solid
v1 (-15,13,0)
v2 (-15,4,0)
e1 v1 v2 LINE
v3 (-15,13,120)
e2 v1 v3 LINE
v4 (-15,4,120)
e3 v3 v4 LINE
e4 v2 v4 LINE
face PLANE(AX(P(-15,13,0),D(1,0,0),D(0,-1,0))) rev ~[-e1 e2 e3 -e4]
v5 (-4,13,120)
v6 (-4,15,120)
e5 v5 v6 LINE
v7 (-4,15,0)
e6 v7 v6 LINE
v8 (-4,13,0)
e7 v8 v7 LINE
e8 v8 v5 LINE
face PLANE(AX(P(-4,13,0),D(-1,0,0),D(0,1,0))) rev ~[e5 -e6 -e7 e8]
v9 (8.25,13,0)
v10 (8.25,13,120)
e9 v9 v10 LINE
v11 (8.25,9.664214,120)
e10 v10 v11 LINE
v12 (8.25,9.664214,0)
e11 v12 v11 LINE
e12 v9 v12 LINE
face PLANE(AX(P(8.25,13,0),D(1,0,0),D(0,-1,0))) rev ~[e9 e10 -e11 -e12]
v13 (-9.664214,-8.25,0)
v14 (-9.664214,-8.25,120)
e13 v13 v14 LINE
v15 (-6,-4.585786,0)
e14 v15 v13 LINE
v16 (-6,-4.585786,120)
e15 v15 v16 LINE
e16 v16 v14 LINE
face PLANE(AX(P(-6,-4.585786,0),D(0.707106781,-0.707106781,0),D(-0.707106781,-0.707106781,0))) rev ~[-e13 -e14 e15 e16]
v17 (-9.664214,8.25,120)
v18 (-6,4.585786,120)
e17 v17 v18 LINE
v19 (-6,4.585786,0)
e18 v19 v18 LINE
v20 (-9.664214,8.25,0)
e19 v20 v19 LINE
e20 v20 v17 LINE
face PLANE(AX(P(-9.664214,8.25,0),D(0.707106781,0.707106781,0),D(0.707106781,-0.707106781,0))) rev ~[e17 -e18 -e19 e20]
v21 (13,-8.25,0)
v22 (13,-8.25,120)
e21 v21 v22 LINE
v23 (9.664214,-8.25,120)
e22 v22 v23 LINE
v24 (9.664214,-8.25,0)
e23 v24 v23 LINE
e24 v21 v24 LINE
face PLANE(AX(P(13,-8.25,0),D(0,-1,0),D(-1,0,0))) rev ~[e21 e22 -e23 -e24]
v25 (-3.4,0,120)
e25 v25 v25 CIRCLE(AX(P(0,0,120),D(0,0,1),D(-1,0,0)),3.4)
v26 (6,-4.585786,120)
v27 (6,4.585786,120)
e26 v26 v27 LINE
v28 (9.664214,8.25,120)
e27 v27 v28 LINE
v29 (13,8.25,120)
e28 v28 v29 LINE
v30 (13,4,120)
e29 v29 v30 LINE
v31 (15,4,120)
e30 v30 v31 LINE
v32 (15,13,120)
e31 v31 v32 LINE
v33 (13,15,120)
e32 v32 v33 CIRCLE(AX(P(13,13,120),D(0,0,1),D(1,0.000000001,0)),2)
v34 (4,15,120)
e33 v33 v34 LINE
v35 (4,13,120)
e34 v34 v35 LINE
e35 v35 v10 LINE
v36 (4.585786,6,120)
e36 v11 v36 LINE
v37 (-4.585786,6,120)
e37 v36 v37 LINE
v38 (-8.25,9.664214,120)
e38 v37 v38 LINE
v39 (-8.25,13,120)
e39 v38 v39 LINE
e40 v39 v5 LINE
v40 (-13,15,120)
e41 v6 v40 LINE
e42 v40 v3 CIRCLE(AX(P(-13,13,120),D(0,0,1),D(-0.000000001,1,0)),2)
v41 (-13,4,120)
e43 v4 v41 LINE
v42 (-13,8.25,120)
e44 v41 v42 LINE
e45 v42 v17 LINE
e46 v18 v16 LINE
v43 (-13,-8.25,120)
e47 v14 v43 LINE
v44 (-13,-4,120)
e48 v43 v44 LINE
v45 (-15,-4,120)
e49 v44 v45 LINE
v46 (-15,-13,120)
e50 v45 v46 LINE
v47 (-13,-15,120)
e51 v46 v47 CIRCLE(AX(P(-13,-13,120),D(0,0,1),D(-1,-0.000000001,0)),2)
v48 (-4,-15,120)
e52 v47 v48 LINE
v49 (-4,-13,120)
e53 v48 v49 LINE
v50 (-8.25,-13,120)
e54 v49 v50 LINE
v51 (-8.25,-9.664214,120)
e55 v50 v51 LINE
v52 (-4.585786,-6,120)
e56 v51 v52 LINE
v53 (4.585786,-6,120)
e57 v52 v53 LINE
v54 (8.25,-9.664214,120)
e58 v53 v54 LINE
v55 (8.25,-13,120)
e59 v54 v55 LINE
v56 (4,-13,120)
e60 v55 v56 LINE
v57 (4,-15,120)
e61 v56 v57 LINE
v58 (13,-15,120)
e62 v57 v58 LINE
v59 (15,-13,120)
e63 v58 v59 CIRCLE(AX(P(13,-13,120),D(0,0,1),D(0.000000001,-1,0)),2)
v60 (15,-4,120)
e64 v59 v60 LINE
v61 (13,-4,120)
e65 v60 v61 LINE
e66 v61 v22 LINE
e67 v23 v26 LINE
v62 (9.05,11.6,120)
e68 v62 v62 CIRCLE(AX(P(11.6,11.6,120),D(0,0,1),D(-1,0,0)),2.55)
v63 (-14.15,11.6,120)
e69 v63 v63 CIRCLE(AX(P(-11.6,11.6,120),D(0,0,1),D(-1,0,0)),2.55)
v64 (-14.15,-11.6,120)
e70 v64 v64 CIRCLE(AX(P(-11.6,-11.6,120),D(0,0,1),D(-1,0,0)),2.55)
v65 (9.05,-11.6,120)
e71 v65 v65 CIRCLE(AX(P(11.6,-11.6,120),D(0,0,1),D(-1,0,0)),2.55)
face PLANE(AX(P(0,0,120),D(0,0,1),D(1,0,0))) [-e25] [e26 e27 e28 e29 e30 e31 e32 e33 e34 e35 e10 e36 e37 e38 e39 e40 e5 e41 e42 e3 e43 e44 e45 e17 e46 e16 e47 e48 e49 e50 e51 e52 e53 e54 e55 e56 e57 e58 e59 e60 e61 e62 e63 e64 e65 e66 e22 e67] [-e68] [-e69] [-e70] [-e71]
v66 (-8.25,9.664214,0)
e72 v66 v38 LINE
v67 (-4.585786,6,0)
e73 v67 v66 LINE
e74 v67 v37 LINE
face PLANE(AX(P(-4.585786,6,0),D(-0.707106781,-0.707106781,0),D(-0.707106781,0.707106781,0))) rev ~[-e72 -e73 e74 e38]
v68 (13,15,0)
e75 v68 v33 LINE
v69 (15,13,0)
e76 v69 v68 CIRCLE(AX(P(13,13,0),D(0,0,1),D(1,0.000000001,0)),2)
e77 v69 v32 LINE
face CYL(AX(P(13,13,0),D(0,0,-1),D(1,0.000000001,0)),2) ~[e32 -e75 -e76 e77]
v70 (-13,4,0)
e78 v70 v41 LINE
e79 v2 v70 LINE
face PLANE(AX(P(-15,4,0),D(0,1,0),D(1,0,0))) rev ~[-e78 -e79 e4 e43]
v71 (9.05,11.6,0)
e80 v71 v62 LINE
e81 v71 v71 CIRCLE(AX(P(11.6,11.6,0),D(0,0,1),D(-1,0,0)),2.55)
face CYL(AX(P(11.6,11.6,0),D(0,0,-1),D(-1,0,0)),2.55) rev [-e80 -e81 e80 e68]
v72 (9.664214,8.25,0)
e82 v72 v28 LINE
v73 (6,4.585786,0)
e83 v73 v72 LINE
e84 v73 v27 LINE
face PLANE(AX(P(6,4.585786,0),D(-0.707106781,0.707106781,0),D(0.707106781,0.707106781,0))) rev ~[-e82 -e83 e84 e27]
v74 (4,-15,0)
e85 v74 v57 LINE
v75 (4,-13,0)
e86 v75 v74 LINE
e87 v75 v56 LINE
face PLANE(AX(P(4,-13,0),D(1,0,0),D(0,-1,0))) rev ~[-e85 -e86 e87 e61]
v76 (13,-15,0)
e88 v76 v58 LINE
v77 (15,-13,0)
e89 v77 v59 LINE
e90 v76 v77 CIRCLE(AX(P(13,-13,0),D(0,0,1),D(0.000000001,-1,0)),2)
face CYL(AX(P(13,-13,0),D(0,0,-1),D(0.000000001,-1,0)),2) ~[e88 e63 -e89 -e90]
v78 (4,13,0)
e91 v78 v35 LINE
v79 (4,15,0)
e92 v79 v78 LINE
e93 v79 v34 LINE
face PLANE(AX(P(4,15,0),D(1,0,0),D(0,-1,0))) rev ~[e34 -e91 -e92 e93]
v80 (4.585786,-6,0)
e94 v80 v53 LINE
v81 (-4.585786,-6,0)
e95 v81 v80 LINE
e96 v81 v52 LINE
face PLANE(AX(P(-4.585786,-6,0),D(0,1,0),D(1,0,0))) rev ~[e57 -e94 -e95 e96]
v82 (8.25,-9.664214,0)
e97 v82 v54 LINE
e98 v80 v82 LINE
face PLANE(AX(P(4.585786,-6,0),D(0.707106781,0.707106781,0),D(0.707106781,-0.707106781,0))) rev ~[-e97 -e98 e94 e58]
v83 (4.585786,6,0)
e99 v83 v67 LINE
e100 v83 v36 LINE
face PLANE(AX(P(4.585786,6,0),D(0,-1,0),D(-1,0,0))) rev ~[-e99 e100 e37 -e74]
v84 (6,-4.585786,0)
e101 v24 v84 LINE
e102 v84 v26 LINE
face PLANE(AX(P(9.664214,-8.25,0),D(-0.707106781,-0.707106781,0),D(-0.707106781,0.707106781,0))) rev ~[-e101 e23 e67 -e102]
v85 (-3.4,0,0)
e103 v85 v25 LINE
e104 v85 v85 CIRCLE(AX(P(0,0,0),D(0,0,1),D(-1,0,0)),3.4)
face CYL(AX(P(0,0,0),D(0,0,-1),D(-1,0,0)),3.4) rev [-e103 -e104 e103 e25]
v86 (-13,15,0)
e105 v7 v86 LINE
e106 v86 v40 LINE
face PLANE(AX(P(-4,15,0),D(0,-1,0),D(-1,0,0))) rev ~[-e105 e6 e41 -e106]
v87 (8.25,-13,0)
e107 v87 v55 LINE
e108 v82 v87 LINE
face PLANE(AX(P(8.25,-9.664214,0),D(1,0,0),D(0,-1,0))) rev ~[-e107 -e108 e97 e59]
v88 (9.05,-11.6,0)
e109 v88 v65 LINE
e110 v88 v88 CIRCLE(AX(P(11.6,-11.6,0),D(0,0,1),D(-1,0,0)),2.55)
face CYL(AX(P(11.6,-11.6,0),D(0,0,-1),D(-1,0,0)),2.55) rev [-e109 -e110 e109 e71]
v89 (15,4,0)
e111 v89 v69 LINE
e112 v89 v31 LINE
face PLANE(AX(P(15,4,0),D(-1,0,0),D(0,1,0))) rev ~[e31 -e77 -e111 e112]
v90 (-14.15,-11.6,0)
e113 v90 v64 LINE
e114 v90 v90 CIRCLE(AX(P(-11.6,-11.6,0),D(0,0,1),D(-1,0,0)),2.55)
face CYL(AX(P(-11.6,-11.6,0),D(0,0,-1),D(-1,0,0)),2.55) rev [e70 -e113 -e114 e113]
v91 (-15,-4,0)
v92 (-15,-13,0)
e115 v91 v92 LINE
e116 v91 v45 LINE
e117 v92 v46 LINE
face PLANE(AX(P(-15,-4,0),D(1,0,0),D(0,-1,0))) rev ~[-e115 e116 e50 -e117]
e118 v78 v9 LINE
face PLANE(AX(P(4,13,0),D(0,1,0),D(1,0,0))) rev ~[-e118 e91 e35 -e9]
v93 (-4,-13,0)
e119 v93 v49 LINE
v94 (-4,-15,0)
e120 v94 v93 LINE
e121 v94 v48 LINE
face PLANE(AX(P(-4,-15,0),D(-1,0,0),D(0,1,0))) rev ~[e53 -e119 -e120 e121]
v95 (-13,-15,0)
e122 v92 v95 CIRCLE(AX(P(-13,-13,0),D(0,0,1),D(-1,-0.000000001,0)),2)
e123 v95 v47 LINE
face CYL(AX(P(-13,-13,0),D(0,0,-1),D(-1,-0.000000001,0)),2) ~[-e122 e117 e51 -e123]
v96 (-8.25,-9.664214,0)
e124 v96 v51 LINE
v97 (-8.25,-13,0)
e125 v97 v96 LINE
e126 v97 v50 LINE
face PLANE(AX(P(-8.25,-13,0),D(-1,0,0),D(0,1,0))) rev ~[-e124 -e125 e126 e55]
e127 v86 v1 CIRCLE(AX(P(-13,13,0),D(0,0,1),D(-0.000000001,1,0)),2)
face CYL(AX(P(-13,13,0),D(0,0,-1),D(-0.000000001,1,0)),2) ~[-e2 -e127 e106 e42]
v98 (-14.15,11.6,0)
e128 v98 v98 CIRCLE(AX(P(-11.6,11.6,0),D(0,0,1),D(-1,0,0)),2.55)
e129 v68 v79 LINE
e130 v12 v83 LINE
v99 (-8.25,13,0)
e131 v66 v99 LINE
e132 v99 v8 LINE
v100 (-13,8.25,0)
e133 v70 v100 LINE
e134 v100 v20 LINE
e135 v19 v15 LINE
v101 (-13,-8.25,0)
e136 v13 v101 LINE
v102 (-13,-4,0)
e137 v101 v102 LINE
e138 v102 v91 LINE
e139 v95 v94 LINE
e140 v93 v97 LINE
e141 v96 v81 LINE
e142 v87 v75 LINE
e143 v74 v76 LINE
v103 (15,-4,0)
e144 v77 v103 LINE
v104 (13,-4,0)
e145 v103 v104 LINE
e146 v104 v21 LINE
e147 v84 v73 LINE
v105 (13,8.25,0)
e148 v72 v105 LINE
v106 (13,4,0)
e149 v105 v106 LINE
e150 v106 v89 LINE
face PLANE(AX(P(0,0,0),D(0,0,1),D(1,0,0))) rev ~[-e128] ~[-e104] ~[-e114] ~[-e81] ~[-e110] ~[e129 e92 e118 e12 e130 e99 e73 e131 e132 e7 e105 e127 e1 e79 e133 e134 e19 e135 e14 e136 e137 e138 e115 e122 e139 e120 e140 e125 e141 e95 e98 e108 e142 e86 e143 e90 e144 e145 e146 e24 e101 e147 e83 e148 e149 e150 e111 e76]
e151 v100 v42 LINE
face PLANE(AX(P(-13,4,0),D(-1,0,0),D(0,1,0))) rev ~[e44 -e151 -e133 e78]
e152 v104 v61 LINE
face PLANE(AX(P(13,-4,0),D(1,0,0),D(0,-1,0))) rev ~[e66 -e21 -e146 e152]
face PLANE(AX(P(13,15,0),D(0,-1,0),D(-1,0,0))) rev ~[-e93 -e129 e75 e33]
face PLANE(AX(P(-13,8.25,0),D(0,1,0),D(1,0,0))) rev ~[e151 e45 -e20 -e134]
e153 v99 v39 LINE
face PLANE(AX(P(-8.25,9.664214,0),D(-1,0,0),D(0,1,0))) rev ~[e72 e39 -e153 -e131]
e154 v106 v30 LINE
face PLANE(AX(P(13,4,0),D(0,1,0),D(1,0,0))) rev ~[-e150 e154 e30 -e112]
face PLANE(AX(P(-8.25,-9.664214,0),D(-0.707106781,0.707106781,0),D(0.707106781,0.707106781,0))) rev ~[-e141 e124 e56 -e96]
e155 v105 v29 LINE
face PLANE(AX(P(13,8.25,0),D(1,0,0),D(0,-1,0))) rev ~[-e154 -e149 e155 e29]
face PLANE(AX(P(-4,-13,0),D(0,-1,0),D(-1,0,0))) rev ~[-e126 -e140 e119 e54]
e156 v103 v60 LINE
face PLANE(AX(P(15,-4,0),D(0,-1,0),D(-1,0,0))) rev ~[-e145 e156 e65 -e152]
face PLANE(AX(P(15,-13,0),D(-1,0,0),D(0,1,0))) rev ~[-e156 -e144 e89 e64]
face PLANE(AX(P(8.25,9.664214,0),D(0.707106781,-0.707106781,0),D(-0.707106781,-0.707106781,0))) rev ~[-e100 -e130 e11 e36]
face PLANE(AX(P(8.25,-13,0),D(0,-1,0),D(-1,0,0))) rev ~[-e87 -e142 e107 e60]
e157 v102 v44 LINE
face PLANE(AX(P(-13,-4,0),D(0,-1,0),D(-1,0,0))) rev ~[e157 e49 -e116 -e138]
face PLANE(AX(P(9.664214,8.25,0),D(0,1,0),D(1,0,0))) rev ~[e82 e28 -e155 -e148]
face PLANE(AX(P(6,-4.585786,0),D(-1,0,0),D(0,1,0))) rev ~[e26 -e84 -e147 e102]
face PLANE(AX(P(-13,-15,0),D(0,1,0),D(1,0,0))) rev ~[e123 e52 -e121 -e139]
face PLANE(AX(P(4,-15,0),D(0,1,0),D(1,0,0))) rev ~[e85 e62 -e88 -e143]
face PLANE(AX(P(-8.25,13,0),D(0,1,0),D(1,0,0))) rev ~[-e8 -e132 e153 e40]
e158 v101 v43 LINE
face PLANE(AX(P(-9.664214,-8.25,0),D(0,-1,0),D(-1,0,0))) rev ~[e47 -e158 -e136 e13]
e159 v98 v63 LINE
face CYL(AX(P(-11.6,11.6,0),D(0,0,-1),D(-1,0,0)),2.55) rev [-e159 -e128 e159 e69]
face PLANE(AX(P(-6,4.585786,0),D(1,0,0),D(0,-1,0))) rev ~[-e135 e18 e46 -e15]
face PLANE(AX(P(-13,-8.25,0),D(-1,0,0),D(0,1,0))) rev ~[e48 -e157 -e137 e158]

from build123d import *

# Parameters (mm, degrees)
SKETCH1_R           = 2.55
SKETCH1_R_2         = 3.4
BOSS_EXTRUDE1_DEPTH = 120


with BuildPart() as part:
    # Sketch1 → Boss-Extrude1 (new body)
    with BuildSketch(Plane.XY):
        with BuildLine():
            Line((-13, -15), (-4, -15))
            Line((-4, -15), (-4, -13))
            Line((-4, -13), (-8.25, -13))
            Line((-8.25, -13), (-8.25, -9.664213562))
            Line((-8.25, -9.664213562), (-4.585786438, -6))
            Line((-4.585786438, -6), (4.585786438, -6))
            Line((4.585786438, -6), (8.25, -9.664213562))
            Line((8.25, -9.664213562), (8.25, -13))
            Line((8.25, -13), (4, -13))
            Line((4, -13), (4, -15))
            Line((4, -15), (13, -15))
            ThreePointArc((13, -15), (14.414213562, -14.414213562), (15, -13))
            Line((15, -13), (15, -4))
            Line((15, -4), (13, -4))
            Line((13, -4), (13, -8.25))
            Line((13, -8.25), (9.664213562, -8.25))
            Line((9.664213562, -8.25), (6, -4.585786438))
            Line((6, -4.585786438), (6, 4.585786438))
            Line((6, 4.585786438), (9.664213562, 8.25))
            Line((9.664213562, 8.25), (13, 8.25))
            Line((13, 8.25), (13, 4))
            Line((13, 4), (15, 4))
            Line((15, 4), (15, 13))
            ThreePointArc((15, 13), (14.414213562, 14.414213562), (13, 15))
            Line((13, 15), (4, 15))
            Line((4, 15), (4, 13))
            Line((4, 13), (8.25, 13))
            Line((8.25, 13), (8.25, 9.664213562))
            Line((8.25, 9.664213562), (4.585786438, 6))
            Line((4.585786438, 6), (-4.585786438, 6))
            Line((-4.585786438, 6), (-8.25, 9.664213562))
            Line((-8.25, 9.664213562), (-8.25, 13))
            Line((-8.25, 13), (-4, 13))
            Line((-4, 13), (-4, 15))
            Line((-4, 15), (-13, 15))
            ThreePointArc((-13, 15), (-14.414213562, 14.414213562), (-15, 13))
            Line((-15, 13), (-15, 4))
            Line((-15, 4), (-13, 4))
            Line((-13, 4), (-13, 8.25))
            Line((-13, 8.25), (-9.664213562, 8.25))
            Line((-9.664213562, 8.25), (-6, 4.585786438))
            Line((-6, 4.585786438), (-6, -4.585786438))
            Line((-6, -4.585786438), (-9.664213562, -8.25))
            Line((-9.664213562, -8.25), (-13, -8.25))
            Line((-13, -8.25), (-13, -4))
            Line((-13, -4), (-15, -4))
            Line((-15, -4), (-15, -13))
            ThreePointArc((-15, -13), (-14.414213562, -14.414213562), (-13, -15))
        make_face()
        with Locations(Location((-11.6, 11.6, 0), (0, 0, 180))):  # turned: the seam where the file's is
            Circle(SKETCH1_R, mode=Mode.SUBTRACT)
        with Locations(Location((0, 0, 0), (0, 0, 180))):  # turned: the seam where the file's is
            Circle(SKETCH1_R_2, mode=Mode.SUBTRACT)
        with Locations(Location((-11.6, -11.6, 0), (0, 0, 180))):  # turned: the seam where the file's is
            Circle(SKETCH1_R, mode=Mode.SUBTRACT)
        with Locations(Location((11.6, -11.6, 0), (0, 0, 180))):  # turned: the seam where the file's is
            Circle(SKETCH1_R, mode=Mode.SUBTRACT)
        with Locations(Location((11.6, 11.6, 0), (0, 0, 180))):  # turned: the seam where the file's is
            Circle(SKETCH1_R, mode=Mode.SUBTRACT)
    extrude(amount=BOSS_EXTRUDE1_DEPTH)


solid = part.part
